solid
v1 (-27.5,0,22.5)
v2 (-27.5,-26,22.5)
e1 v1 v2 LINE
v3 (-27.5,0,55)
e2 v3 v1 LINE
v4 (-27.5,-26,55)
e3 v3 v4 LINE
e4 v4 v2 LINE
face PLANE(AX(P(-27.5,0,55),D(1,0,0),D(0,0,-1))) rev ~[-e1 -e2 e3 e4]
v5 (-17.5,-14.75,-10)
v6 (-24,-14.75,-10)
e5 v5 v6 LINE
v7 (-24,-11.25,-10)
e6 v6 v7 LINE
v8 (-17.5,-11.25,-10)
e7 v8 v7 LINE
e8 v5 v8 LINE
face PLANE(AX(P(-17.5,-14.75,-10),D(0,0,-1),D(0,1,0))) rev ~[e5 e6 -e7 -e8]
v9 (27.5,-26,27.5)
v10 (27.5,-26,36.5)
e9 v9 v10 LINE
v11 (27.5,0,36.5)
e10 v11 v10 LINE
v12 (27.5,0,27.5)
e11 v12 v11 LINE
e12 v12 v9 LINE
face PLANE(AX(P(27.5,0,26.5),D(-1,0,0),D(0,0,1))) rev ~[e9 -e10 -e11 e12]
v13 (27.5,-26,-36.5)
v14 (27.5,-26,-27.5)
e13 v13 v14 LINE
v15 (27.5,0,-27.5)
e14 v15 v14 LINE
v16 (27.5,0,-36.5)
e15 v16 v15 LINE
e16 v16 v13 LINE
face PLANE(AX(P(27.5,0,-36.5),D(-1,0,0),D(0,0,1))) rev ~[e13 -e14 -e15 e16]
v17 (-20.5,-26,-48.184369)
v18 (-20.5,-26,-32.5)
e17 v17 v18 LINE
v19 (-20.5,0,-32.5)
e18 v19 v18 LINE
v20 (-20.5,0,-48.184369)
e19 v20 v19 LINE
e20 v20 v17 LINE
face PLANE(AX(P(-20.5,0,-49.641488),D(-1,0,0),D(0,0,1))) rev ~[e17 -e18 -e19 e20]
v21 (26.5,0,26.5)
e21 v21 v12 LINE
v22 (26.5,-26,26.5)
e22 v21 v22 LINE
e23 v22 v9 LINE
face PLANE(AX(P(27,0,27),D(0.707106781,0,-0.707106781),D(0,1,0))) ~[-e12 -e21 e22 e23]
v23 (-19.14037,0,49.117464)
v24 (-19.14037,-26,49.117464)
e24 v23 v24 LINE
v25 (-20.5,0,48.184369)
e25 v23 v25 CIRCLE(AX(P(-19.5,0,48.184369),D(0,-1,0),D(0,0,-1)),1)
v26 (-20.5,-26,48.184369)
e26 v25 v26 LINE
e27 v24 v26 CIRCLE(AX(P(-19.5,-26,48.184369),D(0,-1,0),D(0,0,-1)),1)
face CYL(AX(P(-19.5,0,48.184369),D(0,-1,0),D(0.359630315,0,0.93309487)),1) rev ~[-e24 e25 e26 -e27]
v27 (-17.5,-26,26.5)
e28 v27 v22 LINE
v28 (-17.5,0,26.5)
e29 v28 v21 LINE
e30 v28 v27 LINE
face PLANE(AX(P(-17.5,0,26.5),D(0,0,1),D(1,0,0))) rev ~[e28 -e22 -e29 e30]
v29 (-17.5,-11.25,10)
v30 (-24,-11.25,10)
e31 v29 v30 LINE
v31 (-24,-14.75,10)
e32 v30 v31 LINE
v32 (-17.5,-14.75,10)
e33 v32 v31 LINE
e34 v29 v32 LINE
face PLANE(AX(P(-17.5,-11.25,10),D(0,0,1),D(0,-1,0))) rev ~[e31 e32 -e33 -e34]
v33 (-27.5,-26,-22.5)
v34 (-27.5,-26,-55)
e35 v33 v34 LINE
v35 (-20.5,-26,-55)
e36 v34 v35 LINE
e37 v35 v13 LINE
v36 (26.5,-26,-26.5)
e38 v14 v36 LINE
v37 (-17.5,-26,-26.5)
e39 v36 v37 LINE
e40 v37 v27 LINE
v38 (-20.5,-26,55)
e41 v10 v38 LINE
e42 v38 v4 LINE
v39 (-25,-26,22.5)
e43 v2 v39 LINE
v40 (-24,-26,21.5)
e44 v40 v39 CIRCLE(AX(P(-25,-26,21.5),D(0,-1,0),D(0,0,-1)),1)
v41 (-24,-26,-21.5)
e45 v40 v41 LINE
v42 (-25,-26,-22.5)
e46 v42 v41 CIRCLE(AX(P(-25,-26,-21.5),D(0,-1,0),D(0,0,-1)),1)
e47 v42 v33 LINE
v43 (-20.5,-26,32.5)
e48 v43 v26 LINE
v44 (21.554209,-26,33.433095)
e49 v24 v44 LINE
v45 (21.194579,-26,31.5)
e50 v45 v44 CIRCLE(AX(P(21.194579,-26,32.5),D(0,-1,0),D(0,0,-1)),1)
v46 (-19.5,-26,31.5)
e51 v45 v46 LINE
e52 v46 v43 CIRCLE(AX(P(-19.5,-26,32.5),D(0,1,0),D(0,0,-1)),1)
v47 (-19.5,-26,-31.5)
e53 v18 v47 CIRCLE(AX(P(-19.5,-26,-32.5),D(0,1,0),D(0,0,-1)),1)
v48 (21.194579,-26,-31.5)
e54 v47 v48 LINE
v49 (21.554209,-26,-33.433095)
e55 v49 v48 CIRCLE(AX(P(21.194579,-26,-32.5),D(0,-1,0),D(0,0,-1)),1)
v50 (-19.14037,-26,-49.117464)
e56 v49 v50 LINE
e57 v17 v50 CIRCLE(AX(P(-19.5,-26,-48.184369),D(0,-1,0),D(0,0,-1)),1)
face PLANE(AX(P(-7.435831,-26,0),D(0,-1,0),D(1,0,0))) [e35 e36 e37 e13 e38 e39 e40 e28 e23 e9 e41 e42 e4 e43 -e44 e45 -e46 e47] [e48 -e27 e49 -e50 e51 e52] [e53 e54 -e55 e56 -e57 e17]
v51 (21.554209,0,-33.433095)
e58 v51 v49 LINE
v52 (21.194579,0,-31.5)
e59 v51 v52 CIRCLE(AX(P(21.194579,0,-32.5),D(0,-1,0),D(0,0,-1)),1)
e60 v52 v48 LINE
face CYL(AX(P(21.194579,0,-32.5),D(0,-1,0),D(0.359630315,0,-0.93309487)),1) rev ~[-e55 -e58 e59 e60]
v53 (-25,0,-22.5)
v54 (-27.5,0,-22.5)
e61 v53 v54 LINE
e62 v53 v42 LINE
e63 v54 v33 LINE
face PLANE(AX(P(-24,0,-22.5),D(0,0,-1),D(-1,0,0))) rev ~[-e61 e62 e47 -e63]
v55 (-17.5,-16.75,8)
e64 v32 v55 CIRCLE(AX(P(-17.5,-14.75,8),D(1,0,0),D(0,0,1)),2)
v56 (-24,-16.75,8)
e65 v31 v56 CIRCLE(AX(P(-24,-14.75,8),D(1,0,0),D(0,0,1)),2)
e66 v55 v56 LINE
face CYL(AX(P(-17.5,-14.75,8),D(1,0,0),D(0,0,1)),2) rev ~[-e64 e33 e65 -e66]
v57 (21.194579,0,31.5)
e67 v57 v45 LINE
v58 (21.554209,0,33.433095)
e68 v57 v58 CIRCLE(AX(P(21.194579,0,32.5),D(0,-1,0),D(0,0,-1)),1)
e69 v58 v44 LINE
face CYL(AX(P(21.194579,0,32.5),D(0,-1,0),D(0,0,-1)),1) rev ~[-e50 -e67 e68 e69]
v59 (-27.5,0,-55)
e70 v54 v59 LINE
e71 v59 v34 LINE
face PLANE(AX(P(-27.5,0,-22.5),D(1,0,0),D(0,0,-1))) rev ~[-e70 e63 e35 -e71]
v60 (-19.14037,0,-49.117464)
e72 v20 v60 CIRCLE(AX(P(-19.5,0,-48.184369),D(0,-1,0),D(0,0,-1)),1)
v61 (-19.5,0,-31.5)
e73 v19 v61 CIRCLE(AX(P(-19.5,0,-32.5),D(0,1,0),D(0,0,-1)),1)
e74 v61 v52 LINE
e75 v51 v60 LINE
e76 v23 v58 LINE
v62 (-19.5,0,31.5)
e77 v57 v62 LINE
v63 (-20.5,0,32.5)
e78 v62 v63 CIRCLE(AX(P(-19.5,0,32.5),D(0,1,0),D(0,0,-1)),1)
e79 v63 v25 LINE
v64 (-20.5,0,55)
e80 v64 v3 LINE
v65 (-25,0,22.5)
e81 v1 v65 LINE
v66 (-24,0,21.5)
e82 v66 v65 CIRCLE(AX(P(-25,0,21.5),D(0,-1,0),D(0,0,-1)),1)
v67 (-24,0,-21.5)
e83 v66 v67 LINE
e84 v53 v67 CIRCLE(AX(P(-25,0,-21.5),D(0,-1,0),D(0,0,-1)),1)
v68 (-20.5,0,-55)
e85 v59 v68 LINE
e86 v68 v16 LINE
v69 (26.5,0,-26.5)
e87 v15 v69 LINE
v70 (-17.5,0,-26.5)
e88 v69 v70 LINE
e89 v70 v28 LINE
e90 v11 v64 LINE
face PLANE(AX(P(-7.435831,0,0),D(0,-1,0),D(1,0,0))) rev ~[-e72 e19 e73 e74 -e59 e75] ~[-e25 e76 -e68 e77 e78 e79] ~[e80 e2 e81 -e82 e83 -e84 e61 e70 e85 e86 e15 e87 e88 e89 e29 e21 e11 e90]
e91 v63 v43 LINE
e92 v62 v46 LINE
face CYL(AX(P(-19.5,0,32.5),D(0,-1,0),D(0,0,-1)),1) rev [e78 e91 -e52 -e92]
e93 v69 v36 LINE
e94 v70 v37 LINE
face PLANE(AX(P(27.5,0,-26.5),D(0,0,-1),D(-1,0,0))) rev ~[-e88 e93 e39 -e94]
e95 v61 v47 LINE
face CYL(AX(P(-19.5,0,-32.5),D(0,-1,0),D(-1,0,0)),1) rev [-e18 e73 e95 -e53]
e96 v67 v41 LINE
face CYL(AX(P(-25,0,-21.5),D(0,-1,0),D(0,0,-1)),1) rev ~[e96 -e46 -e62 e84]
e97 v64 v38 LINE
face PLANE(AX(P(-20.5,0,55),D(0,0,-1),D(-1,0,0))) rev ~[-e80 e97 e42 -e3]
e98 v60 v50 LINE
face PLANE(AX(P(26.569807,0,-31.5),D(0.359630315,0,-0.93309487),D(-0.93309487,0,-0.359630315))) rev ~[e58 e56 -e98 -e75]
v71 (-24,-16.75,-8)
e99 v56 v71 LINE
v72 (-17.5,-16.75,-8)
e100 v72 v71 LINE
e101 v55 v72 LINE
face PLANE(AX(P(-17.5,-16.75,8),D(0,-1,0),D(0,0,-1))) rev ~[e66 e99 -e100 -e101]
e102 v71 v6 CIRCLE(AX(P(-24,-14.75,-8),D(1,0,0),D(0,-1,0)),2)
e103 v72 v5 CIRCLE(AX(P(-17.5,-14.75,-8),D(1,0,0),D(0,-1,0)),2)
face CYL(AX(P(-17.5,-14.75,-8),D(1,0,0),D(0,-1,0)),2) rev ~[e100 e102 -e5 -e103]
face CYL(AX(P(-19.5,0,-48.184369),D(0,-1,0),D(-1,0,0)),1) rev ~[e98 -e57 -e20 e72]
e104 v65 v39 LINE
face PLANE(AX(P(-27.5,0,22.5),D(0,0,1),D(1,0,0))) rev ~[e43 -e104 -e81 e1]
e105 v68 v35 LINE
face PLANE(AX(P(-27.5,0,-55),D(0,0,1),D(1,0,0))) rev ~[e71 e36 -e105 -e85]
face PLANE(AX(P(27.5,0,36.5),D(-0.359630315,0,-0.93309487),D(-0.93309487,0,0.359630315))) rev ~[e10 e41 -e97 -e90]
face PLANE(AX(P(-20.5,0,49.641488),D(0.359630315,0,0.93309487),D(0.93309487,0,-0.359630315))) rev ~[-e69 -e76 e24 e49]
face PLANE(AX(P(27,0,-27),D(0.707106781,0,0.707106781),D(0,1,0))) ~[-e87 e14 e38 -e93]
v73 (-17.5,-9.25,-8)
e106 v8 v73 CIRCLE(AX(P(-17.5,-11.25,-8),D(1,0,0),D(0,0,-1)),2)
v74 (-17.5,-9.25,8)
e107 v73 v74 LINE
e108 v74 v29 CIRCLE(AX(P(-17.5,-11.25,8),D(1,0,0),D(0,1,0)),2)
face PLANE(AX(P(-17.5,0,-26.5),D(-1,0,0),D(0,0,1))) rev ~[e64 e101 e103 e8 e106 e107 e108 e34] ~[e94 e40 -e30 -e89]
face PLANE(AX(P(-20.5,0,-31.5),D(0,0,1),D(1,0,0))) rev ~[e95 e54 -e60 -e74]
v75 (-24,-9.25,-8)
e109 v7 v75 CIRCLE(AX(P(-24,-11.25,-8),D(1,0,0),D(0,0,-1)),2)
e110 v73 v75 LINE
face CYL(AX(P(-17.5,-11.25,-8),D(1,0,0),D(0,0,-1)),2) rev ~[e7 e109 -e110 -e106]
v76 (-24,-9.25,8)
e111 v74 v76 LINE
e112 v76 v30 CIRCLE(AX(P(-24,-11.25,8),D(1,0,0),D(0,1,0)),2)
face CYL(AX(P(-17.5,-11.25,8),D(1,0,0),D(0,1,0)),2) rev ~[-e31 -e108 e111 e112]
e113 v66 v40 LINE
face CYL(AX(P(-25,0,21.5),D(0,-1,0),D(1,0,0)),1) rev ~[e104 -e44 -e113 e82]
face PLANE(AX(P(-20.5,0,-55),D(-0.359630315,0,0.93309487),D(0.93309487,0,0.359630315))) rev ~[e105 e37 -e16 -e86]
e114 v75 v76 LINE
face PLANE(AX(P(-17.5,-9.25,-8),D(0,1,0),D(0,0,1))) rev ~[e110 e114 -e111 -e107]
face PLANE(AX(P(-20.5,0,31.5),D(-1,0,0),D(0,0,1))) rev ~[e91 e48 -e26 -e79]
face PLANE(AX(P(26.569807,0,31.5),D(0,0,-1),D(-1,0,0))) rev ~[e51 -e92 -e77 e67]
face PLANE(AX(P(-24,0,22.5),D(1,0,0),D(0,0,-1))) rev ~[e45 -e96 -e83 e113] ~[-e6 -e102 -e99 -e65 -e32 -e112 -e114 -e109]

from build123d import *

# Parameters (mm, degrees)
F1_DEPTH = 26
F2_R     = 1
F3_SIZE  = 1
F5_DEPTH = 6.5


with BuildPart() as f1:
    # F0 (on Front) → F1 (new body)
    with BuildSketch(Plane.XZ):
        Polygon((-27.5, -55), (-20.5, -55), (27.5, -36.5), (27.5, -26.5), (-17.5, -26.5), (-17.5, 26.5), (27.5, 26.5), (27.5, 36.5), (-20.5, 55), (-27.5, 55), (-27.5, 22.5), (-24, 22.5), (-24, -22.5), (-27.5, -22.5), align=None)
        Polygon((-20.5, -31.5), (26.5698068675, -31.5), (-20.5, -49.6414880635), align=None, mode=Mode.SUBTRACT)
        Polygon((-20.5, 31.5), (-20.5, 49.6414880635), (26.5698068675, 31.5), align=None, mode=Mode.SUBTRACT)
    extrude(amount=F1_DEPTH)

    # F2
    f2_edges = [f1.edges().sort_by_distance(p)[0] for p in [
        (-20.5, -13, 49.641488),
        (-20.5, -13, 31.5),
        (26.569807, -13, 31.5),
        (26.569807, -13, -31.5),
        (-20.5, -13, -31.5),
        (-20.5, -13, -49.641488),
        (-24, -13, -22.5),
        (-24, -13, 22.5),
    ]]
    fillet(f2_edges, radius=F2_R)

    # F3
    f3_edges = [f1.edges().sort_by_distance(p)[0] for p in [
        (27.5, -13, -26.5),
        (27.5, -13, 26.5),
    ]]
    chamfer(f3_edges, length=F3_SIZE)

    # F4 (on face) → F5 (cut, through all)
    with BuildSketch(Plane.YZ.offset(-17.5)):
        with BuildLine():
            ThreePointArc((-9.25, 8), (-9.8357864376, 9.4142135624), (-11.25, 10))
            Line((-11.25, 10), (-14.75, 10))
            ThreePointArc((-14.75, 10), (-16.1642135624, 9.4142135624), (-16.75, 8))
            Line((-16.75, 8), (-16.75, -8))
            ThreePointArc((-16.75, -8), (-16.1642135624, -9.4142135624), (-14.75, -10))
            Line((-14.75, -10), (-11.25, -10))
            ThreePointArc((-11.25, -10), (-9.8357864376, -9.4142135624), (-9.25, -8))
            Line((-9.25, -8), (-9.25, 8))
        make_face()
    extrude(amount=-F5_DEPTH, mode=Mode.SUBTRACT)


solid = f1.part
